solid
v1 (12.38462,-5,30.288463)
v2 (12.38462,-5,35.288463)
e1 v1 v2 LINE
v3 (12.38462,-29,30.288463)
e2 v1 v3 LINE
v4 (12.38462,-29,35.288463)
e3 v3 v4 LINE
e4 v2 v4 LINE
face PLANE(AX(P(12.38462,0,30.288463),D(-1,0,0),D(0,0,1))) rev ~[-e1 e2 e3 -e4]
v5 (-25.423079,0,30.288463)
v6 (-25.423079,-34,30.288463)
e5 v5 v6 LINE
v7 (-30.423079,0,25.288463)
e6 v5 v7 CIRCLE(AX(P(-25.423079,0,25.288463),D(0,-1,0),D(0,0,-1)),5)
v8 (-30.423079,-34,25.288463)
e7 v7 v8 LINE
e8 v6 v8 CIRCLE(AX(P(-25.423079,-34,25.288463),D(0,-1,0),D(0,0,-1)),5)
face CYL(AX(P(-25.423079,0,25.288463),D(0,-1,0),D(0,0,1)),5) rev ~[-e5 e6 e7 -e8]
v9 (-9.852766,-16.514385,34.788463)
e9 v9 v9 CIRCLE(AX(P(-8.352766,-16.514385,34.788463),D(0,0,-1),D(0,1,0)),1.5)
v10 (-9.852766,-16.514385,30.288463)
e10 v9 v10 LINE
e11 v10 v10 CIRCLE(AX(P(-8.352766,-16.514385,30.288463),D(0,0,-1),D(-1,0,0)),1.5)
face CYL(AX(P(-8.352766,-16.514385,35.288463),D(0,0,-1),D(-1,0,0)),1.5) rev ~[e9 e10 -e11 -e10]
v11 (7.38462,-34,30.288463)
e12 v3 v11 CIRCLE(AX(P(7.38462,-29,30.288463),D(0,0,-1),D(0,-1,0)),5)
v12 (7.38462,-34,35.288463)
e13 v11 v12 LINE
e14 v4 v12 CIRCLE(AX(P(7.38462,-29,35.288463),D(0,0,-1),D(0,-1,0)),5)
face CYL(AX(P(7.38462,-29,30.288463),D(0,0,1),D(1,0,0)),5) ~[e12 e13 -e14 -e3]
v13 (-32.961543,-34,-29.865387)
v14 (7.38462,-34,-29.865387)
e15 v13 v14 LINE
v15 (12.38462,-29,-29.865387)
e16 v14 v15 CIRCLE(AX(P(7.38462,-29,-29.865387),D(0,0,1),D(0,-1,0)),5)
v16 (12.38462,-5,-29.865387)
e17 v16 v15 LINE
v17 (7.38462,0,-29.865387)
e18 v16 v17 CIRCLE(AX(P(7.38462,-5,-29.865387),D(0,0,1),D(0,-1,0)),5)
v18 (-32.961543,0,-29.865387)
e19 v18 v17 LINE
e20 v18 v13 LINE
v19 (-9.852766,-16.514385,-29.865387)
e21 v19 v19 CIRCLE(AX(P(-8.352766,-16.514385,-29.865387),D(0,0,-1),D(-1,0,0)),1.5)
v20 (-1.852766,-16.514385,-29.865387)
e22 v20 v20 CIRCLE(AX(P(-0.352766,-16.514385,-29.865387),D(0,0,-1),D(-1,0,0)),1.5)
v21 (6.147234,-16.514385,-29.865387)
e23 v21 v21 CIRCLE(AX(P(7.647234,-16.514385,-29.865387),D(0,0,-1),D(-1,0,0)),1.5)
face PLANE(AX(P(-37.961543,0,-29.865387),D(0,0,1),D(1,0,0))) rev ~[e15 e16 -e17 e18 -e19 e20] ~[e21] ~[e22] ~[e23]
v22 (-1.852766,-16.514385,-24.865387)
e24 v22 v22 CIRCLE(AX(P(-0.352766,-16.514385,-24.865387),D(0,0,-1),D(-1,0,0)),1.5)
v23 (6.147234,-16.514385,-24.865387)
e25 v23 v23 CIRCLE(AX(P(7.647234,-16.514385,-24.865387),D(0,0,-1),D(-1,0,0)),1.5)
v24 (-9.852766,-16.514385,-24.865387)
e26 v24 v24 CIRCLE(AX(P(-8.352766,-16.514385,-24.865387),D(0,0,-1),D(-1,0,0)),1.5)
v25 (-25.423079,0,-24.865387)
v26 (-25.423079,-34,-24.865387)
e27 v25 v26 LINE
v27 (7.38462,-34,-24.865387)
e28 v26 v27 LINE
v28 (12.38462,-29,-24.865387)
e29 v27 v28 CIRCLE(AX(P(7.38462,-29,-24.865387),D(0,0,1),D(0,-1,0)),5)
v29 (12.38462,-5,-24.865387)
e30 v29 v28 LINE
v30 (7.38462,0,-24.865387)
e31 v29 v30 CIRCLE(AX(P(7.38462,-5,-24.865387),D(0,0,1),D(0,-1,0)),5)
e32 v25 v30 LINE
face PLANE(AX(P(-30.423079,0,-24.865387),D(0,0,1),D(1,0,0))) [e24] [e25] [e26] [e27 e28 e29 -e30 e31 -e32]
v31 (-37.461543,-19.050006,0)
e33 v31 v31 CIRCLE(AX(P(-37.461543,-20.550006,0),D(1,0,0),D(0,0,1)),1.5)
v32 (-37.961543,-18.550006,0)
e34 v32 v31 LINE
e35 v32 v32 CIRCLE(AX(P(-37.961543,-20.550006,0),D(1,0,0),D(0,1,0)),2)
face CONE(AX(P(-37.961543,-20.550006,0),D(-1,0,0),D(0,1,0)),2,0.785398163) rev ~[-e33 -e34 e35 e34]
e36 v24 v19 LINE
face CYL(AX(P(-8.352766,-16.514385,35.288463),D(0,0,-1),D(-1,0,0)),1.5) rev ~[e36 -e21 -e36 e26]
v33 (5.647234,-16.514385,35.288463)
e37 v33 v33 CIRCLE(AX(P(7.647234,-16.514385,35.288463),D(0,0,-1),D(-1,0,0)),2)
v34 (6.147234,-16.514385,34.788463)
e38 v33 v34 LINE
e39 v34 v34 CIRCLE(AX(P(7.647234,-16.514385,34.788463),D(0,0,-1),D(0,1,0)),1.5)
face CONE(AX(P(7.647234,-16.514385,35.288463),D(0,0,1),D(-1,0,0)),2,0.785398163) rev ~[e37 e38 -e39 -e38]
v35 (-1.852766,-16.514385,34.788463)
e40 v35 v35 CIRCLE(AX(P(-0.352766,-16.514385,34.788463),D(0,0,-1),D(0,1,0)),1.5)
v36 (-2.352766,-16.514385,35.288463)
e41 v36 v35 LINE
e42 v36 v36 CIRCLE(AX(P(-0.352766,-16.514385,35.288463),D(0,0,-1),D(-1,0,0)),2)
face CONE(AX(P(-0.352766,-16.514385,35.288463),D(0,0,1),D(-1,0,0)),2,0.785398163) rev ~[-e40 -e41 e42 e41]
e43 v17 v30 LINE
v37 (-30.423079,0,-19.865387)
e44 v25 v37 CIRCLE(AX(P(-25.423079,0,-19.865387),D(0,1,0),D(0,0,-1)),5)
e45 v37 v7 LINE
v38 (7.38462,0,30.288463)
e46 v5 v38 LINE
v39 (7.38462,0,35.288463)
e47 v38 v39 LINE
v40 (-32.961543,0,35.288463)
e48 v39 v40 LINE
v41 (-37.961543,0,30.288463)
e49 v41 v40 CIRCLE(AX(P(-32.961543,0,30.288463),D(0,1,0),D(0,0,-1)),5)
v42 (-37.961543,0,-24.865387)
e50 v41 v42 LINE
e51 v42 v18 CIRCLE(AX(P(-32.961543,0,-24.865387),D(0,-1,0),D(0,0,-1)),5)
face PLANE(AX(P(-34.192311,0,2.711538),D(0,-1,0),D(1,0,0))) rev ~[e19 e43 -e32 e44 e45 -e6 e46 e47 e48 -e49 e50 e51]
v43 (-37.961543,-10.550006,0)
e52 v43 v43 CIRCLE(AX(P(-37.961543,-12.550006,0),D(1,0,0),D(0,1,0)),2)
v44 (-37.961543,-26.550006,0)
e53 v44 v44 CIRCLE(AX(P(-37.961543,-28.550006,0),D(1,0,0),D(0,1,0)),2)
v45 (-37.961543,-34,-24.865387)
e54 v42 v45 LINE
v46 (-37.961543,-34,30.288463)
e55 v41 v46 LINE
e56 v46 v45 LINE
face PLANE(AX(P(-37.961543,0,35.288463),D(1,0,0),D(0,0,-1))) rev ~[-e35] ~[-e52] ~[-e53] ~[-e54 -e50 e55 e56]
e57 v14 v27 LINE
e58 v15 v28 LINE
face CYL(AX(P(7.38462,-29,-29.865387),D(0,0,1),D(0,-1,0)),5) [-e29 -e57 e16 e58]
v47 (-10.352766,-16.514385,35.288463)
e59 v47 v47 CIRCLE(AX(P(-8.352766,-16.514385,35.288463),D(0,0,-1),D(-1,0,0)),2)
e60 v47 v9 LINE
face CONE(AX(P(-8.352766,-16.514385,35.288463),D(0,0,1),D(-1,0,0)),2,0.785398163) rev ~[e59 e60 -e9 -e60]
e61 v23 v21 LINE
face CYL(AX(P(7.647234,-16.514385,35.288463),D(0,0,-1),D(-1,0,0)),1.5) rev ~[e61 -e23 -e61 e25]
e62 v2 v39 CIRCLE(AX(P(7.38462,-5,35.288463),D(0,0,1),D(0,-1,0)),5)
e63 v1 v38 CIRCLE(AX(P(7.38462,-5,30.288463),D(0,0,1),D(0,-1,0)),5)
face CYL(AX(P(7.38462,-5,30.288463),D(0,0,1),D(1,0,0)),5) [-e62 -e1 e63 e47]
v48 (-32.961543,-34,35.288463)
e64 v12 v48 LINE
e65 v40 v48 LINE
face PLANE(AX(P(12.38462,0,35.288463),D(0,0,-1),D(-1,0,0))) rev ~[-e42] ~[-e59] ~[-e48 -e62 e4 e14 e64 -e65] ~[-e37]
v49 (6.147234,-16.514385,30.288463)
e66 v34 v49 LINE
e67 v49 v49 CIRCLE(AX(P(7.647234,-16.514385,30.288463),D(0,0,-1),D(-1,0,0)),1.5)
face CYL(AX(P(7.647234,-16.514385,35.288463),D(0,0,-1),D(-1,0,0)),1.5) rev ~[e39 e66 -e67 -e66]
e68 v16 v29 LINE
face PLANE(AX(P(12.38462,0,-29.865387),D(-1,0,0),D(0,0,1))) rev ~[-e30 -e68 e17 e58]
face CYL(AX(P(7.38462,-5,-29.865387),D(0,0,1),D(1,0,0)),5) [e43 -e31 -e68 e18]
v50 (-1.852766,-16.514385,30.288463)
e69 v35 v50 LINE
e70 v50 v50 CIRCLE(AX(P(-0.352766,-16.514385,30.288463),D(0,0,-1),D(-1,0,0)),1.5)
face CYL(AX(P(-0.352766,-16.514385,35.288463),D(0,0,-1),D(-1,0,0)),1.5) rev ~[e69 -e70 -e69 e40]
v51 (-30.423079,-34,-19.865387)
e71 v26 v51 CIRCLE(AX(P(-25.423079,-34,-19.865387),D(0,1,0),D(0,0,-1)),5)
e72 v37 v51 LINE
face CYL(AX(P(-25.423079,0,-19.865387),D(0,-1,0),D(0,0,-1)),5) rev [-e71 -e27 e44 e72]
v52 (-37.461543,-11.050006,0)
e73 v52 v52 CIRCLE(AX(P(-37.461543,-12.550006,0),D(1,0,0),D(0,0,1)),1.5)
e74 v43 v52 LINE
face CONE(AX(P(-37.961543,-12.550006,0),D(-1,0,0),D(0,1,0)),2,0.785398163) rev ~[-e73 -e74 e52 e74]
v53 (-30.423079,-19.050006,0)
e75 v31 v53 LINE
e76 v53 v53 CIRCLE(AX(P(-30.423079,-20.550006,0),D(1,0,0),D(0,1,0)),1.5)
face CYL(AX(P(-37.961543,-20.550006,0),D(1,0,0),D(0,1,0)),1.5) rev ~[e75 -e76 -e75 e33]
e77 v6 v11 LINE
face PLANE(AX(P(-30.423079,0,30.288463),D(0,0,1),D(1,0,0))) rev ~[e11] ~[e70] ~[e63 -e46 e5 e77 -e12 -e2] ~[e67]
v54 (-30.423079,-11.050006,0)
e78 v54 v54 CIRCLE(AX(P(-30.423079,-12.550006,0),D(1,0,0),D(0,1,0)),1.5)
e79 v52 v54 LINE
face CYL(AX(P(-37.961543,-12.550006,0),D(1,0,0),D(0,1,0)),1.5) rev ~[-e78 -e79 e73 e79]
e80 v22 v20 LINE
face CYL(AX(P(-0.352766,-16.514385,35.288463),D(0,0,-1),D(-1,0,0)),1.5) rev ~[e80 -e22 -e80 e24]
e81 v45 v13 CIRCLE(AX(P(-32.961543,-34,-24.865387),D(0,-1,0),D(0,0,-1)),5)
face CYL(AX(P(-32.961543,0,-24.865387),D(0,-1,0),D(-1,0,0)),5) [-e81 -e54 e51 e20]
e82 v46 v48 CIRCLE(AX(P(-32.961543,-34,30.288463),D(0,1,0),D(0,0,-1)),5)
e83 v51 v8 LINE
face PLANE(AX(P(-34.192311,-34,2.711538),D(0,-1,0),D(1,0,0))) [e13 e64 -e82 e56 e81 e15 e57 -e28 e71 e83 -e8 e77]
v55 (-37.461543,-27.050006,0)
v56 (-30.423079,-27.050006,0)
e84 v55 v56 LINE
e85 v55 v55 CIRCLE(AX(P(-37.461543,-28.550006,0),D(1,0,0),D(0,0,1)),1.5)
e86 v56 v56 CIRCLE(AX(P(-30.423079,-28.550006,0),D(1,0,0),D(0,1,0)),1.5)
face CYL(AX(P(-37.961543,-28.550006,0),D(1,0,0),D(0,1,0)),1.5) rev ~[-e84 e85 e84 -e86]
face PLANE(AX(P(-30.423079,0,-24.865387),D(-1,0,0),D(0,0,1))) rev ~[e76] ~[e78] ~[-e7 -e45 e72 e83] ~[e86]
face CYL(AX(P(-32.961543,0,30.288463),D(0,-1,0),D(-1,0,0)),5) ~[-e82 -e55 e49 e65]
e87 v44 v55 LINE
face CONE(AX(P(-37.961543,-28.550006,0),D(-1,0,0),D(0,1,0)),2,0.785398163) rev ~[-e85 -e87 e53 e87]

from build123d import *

# Parameters (mm, degrees)
F0_W            = 42.8076982498
F0_H            = 5
F1_DEPTH        = 34
F2_R            = 5
F3_R            = 5
F4_R            = 5
F5_R            = 5
F6_R            = 5
F7_R            = 5
F10_D           = 3
F10_CSINK_D     = 4
F10_CSINK_ANGLE = 90
F11_D           = 3
F11_CSINK_D     = 4
F11_CSINK_ANGLE = 90


with BuildPart() as f1:
    # F0 (on Front) → F1 (new body)
    with BuildSketch(Plane.XZ):
        Polygon((-30.423078686, 35.2884634584), (-37.9615426064, 35.2884634584), (-37.9615426064, -29.8653867841), (-30.423078686, -29.8653867841), (-30.423078686, -24.8653867841), (-30.423078686, 30.2884634584), align=None)
        with Locations((-9.0192295611, 32.7884634584)):
            Rectangle(F0_W, F0_H)
        with Locations((-9.0192295611, -27.3653867841)):
            Rectangle(F0_W, F0_H)
    extrude(amount=F1_DEPTH)

    # F2
    f2_edges = [f1.edges().sort_by_distance(p)[0] for p in [
        (12.38462, -34, 32.788463),
    ]]
    fillet(f2_edges, radius=F2_R)

    # F3
    f3_edges = [f1.edges().sort_by_distance(p)[0] for p in [
        (12.38462, 0, 32.788463),
    ]]
    fillet(f3_edges, radius=F3_R)

    # F4
    f4_edges = [f1.edges().sort_by_distance(p)[0] for p in [
        (12.38462, -34, -27.365387),
    ]]
    fillet(f4_edges, radius=F4_R)

    # F5
    f5_edges = [f1.edges().sort_by_distance(p)[0] for p in [
        (12.38462, 0, -27.365387),
    ]]
    fillet(f5_edges, radius=F5_R)

    # F6
    f6_edges = [f1.edges().sort_by_distance(p)[0] for p in [
        (-37.961543, -17, 35.288463),
    ]]
    fillet(f6_edges, radius=F6_R)

    # F7
    f7_edges = [f1.edges().sort_by_distance(p)[0] for p in [
        (-30.423079, -17, -24.865387),
        (-30.423079, -17, 30.288463),
        (-37.961543, -17, -29.865387),
    ]]
    fillet(f7_edges, radius=F7_R)

    # F10 (through all)
    with Locations(Plane(origin=(-37.9615426064, 0, 0), x_dir=(0, -1, 0), z_dir=(-1, 0, 0))):
        with Locations((12.5500056893, 0), (20.5500056893, 0), (28.5500056893, 0)):
            CounterSinkHole(F10_D / 2, F10_CSINK_D / 2, counter_sink_angle=F10_CSINK_ANGLE)

    # F11 (through all)
    with Locations(Plane.XY.offset(35.2884634584)):
        with Locations((-0.3527658135, -16.5143854618), (-8.3527658135, -16.5143854618), (7.6472341865, -16.5143854618)):
            CounterSinkHole(F11_D / 2, F11_CSINK_D / 2, counter_sink_angle=F11_CSINK_ANGLE)


solid = f1.part
